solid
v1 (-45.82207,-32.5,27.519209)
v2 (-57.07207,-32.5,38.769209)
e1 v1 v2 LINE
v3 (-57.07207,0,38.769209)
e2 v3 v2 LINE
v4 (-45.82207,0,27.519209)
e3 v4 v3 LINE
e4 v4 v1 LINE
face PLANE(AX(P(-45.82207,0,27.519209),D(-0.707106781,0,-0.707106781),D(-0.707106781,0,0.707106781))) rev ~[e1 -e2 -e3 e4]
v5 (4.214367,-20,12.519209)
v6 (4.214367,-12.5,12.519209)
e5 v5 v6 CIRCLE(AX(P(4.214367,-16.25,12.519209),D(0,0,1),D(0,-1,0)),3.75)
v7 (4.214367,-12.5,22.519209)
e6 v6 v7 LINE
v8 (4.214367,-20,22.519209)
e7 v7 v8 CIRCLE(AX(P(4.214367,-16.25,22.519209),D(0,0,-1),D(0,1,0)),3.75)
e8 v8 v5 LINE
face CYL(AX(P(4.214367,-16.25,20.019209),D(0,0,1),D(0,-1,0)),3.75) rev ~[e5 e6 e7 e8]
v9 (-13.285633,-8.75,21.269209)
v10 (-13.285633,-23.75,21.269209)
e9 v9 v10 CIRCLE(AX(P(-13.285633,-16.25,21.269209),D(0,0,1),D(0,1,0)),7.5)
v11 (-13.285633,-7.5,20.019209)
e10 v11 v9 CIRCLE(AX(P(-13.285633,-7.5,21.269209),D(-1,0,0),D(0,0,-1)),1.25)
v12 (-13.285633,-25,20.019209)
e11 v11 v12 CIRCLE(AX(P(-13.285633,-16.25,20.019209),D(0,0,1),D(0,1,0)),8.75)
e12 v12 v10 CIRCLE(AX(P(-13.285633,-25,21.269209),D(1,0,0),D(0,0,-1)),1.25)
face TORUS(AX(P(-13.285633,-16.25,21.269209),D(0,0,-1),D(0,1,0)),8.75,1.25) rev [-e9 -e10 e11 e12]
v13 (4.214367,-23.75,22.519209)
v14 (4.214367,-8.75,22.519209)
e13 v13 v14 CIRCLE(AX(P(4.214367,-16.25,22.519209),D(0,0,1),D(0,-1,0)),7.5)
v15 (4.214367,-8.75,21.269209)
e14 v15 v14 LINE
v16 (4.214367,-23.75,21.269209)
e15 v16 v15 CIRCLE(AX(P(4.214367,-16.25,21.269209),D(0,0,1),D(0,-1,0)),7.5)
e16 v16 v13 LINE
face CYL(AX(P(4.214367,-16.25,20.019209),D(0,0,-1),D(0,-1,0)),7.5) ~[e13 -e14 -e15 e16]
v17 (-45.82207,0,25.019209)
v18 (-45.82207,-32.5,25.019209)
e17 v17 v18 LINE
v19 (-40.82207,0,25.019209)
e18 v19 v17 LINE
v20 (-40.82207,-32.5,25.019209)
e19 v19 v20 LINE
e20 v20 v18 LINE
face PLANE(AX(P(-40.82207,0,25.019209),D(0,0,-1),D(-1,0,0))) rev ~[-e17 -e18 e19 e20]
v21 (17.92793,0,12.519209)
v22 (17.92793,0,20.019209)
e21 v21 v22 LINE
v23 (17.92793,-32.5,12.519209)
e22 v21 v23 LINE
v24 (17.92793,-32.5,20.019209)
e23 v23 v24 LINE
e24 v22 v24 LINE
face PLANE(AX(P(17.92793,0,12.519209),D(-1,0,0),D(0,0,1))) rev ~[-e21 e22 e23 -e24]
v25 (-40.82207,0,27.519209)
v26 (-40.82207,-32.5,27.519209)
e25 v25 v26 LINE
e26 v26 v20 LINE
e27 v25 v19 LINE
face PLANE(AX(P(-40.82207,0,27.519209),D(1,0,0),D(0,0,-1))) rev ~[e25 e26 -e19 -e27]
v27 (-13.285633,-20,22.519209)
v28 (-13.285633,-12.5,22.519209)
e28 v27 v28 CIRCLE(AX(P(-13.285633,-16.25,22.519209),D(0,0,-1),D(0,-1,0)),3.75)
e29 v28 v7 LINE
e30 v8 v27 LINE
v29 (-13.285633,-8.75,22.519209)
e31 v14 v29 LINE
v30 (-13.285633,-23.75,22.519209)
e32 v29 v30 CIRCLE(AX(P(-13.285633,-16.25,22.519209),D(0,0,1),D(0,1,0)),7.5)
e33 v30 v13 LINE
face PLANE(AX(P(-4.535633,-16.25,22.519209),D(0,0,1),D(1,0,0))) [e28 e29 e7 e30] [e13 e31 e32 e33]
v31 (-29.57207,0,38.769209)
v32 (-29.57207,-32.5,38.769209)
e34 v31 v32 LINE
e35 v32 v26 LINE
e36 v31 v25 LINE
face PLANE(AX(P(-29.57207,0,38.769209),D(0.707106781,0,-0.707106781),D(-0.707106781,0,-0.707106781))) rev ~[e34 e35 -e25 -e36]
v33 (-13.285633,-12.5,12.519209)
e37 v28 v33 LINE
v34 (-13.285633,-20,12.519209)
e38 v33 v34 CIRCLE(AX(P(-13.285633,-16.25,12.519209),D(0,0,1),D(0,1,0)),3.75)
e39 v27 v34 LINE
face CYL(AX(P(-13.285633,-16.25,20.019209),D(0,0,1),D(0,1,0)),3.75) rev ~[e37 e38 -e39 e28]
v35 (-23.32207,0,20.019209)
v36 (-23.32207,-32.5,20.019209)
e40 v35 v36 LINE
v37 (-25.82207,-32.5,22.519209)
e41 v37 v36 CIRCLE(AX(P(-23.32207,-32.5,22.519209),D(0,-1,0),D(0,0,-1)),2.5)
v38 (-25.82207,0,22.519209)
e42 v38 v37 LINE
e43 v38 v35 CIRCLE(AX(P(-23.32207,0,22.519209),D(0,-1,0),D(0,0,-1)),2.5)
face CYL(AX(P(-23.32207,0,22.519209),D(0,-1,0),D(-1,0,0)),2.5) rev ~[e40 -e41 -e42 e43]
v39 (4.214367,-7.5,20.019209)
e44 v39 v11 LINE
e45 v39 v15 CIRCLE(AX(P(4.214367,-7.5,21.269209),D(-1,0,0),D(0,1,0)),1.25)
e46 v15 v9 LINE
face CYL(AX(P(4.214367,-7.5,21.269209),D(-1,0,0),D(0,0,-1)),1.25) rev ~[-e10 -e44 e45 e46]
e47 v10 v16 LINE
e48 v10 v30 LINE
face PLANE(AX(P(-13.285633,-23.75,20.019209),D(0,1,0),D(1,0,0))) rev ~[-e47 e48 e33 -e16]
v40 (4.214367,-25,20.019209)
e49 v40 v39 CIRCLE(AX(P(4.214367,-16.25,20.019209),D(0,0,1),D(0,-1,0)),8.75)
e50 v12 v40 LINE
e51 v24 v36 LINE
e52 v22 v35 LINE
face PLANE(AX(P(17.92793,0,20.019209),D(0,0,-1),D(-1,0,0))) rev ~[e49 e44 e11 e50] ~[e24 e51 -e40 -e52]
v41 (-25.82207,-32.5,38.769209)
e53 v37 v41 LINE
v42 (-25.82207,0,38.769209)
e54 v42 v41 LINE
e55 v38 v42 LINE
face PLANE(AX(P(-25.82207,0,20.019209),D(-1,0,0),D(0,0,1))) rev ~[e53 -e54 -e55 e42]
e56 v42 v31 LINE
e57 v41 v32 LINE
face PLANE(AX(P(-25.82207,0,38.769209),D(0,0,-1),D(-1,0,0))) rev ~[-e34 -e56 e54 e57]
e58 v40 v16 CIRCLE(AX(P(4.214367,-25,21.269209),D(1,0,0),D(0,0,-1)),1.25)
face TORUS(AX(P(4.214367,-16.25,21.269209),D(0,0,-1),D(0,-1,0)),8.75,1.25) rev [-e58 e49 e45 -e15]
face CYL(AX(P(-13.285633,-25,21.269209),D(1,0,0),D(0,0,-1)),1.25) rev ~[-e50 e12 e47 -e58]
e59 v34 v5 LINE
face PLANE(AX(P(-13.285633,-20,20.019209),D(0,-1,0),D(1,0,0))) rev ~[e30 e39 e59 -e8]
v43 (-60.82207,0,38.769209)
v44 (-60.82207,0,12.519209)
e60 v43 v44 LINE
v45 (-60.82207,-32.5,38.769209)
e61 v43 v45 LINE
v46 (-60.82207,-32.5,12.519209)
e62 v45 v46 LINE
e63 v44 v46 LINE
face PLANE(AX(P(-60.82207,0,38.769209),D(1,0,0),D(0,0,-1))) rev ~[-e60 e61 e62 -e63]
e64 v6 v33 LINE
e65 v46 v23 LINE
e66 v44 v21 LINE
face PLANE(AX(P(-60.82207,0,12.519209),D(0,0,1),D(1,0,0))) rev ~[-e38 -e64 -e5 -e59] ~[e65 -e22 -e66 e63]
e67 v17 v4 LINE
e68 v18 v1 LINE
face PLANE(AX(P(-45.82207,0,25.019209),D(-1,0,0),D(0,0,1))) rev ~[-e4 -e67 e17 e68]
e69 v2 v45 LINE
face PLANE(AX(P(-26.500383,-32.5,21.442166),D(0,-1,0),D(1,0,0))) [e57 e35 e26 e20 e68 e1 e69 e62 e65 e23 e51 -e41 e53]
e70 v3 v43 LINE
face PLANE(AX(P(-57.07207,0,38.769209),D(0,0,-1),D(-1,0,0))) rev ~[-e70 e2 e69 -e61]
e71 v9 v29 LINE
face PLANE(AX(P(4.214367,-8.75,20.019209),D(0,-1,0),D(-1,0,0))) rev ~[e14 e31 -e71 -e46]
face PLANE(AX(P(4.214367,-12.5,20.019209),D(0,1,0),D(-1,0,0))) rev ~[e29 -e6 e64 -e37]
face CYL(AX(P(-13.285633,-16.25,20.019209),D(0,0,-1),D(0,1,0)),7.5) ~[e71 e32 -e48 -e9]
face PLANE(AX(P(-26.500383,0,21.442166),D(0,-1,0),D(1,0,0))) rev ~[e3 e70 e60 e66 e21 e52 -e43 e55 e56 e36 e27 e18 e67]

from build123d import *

# Parameters (mm, degrees)
F1_DEPTH = 32.5
F3_DEPTH = 2.5
F4_DEPTH = 25
F5_R     = 2.5
F6_R     = 1.25


with BuildPart() as f1:
    # F0 (on Front) → F1 (new body)
    with BuildSketch(Plane.XZ):
        Polygon((-57.07207, 38.769209), (-60.82207, 38.769209), (-60.82207, 12.519209), (17.92793, 12.519209), (17.92793, 20.019209), (-25.82207, 20.019209), (-25.82207, 38.769209), (-29.57207, 38.769209), (-40.82207, 27.519209), (-40.82207, 25.019209), (-45.82207, 25.019209), (-45.82207, 27.519209), align=None)
    extrude(amount=F1_DEPTH)

    # F2 (on face) → F3 (join)
    with BuildSketch(Plane.XY.offset(20.019209)):
        with BuildLine():
            Line((4.214367, -8.75), (-13.285633, -8.75))
            ThreePointArc((-13.285633, -8.75), (-20.785633, -16.25), (-13.285633, -23.75))
            Line((-13.285633, -23.75), (4.214367, -23.75))
            ThreePointArc((4.214367, -23.75), (11.714367, -16.25), (4.214367, -8.75))
        make_face()
        with BuildLine():
            ThreePointArc((-13.285633, -20), (-17.035633, -16.25), (-13.285633, -12.5))
            Line((-13.285633, -12.5), (4.214367, -12.5))
            ThreePointArc((4.214367, -12.5), (7.964367, -16.25), (4.214367, -20))
            Line((4.214367, -20), (-13.285633, -20))
        make_face(mode=Mode.SUBTRACT)
    extrude(amount=F3_DEPTH)

    # F3_face (on face) → F4 (cut)
    with BuildSketch(Plane(origin=(-4.535633, -16.25, 20.019209), x_dir=(1, 0, 0), z_dir=(0, 0, 1))):
        with BuildLine():
            Line((8.75, 3.75), (-8.75, 3.75))
            ThreePointArc((-8.75, 3.75), (-12.5, 0), (-8.75, -3.75))
            Line((-8.75, -3.75), (8.75, -3.75))
            ThreePointArc((8.75, -3.75), (12.5, 0), (8.75, 3.75))
        make_face()
    extrude(amount=-F4_DEPTH, mode=Mode.SUBTRACT)

    # F5
    f5_edges = [f1.edges().sort_by_distance(p)[0] for p in [
        (-25.82207, -16.25, 20.019209),
    ]]
    fillet(f5_edges, radius=F5_R)

    # F6
    f6_edges = [f1.edges().sort_by_distance(p)[0] for p in [
        (-4.535633, -23.75, 20.019209),
    ]]
    fillet(f6_edges, radius=F6_R)


solid = f1.part
